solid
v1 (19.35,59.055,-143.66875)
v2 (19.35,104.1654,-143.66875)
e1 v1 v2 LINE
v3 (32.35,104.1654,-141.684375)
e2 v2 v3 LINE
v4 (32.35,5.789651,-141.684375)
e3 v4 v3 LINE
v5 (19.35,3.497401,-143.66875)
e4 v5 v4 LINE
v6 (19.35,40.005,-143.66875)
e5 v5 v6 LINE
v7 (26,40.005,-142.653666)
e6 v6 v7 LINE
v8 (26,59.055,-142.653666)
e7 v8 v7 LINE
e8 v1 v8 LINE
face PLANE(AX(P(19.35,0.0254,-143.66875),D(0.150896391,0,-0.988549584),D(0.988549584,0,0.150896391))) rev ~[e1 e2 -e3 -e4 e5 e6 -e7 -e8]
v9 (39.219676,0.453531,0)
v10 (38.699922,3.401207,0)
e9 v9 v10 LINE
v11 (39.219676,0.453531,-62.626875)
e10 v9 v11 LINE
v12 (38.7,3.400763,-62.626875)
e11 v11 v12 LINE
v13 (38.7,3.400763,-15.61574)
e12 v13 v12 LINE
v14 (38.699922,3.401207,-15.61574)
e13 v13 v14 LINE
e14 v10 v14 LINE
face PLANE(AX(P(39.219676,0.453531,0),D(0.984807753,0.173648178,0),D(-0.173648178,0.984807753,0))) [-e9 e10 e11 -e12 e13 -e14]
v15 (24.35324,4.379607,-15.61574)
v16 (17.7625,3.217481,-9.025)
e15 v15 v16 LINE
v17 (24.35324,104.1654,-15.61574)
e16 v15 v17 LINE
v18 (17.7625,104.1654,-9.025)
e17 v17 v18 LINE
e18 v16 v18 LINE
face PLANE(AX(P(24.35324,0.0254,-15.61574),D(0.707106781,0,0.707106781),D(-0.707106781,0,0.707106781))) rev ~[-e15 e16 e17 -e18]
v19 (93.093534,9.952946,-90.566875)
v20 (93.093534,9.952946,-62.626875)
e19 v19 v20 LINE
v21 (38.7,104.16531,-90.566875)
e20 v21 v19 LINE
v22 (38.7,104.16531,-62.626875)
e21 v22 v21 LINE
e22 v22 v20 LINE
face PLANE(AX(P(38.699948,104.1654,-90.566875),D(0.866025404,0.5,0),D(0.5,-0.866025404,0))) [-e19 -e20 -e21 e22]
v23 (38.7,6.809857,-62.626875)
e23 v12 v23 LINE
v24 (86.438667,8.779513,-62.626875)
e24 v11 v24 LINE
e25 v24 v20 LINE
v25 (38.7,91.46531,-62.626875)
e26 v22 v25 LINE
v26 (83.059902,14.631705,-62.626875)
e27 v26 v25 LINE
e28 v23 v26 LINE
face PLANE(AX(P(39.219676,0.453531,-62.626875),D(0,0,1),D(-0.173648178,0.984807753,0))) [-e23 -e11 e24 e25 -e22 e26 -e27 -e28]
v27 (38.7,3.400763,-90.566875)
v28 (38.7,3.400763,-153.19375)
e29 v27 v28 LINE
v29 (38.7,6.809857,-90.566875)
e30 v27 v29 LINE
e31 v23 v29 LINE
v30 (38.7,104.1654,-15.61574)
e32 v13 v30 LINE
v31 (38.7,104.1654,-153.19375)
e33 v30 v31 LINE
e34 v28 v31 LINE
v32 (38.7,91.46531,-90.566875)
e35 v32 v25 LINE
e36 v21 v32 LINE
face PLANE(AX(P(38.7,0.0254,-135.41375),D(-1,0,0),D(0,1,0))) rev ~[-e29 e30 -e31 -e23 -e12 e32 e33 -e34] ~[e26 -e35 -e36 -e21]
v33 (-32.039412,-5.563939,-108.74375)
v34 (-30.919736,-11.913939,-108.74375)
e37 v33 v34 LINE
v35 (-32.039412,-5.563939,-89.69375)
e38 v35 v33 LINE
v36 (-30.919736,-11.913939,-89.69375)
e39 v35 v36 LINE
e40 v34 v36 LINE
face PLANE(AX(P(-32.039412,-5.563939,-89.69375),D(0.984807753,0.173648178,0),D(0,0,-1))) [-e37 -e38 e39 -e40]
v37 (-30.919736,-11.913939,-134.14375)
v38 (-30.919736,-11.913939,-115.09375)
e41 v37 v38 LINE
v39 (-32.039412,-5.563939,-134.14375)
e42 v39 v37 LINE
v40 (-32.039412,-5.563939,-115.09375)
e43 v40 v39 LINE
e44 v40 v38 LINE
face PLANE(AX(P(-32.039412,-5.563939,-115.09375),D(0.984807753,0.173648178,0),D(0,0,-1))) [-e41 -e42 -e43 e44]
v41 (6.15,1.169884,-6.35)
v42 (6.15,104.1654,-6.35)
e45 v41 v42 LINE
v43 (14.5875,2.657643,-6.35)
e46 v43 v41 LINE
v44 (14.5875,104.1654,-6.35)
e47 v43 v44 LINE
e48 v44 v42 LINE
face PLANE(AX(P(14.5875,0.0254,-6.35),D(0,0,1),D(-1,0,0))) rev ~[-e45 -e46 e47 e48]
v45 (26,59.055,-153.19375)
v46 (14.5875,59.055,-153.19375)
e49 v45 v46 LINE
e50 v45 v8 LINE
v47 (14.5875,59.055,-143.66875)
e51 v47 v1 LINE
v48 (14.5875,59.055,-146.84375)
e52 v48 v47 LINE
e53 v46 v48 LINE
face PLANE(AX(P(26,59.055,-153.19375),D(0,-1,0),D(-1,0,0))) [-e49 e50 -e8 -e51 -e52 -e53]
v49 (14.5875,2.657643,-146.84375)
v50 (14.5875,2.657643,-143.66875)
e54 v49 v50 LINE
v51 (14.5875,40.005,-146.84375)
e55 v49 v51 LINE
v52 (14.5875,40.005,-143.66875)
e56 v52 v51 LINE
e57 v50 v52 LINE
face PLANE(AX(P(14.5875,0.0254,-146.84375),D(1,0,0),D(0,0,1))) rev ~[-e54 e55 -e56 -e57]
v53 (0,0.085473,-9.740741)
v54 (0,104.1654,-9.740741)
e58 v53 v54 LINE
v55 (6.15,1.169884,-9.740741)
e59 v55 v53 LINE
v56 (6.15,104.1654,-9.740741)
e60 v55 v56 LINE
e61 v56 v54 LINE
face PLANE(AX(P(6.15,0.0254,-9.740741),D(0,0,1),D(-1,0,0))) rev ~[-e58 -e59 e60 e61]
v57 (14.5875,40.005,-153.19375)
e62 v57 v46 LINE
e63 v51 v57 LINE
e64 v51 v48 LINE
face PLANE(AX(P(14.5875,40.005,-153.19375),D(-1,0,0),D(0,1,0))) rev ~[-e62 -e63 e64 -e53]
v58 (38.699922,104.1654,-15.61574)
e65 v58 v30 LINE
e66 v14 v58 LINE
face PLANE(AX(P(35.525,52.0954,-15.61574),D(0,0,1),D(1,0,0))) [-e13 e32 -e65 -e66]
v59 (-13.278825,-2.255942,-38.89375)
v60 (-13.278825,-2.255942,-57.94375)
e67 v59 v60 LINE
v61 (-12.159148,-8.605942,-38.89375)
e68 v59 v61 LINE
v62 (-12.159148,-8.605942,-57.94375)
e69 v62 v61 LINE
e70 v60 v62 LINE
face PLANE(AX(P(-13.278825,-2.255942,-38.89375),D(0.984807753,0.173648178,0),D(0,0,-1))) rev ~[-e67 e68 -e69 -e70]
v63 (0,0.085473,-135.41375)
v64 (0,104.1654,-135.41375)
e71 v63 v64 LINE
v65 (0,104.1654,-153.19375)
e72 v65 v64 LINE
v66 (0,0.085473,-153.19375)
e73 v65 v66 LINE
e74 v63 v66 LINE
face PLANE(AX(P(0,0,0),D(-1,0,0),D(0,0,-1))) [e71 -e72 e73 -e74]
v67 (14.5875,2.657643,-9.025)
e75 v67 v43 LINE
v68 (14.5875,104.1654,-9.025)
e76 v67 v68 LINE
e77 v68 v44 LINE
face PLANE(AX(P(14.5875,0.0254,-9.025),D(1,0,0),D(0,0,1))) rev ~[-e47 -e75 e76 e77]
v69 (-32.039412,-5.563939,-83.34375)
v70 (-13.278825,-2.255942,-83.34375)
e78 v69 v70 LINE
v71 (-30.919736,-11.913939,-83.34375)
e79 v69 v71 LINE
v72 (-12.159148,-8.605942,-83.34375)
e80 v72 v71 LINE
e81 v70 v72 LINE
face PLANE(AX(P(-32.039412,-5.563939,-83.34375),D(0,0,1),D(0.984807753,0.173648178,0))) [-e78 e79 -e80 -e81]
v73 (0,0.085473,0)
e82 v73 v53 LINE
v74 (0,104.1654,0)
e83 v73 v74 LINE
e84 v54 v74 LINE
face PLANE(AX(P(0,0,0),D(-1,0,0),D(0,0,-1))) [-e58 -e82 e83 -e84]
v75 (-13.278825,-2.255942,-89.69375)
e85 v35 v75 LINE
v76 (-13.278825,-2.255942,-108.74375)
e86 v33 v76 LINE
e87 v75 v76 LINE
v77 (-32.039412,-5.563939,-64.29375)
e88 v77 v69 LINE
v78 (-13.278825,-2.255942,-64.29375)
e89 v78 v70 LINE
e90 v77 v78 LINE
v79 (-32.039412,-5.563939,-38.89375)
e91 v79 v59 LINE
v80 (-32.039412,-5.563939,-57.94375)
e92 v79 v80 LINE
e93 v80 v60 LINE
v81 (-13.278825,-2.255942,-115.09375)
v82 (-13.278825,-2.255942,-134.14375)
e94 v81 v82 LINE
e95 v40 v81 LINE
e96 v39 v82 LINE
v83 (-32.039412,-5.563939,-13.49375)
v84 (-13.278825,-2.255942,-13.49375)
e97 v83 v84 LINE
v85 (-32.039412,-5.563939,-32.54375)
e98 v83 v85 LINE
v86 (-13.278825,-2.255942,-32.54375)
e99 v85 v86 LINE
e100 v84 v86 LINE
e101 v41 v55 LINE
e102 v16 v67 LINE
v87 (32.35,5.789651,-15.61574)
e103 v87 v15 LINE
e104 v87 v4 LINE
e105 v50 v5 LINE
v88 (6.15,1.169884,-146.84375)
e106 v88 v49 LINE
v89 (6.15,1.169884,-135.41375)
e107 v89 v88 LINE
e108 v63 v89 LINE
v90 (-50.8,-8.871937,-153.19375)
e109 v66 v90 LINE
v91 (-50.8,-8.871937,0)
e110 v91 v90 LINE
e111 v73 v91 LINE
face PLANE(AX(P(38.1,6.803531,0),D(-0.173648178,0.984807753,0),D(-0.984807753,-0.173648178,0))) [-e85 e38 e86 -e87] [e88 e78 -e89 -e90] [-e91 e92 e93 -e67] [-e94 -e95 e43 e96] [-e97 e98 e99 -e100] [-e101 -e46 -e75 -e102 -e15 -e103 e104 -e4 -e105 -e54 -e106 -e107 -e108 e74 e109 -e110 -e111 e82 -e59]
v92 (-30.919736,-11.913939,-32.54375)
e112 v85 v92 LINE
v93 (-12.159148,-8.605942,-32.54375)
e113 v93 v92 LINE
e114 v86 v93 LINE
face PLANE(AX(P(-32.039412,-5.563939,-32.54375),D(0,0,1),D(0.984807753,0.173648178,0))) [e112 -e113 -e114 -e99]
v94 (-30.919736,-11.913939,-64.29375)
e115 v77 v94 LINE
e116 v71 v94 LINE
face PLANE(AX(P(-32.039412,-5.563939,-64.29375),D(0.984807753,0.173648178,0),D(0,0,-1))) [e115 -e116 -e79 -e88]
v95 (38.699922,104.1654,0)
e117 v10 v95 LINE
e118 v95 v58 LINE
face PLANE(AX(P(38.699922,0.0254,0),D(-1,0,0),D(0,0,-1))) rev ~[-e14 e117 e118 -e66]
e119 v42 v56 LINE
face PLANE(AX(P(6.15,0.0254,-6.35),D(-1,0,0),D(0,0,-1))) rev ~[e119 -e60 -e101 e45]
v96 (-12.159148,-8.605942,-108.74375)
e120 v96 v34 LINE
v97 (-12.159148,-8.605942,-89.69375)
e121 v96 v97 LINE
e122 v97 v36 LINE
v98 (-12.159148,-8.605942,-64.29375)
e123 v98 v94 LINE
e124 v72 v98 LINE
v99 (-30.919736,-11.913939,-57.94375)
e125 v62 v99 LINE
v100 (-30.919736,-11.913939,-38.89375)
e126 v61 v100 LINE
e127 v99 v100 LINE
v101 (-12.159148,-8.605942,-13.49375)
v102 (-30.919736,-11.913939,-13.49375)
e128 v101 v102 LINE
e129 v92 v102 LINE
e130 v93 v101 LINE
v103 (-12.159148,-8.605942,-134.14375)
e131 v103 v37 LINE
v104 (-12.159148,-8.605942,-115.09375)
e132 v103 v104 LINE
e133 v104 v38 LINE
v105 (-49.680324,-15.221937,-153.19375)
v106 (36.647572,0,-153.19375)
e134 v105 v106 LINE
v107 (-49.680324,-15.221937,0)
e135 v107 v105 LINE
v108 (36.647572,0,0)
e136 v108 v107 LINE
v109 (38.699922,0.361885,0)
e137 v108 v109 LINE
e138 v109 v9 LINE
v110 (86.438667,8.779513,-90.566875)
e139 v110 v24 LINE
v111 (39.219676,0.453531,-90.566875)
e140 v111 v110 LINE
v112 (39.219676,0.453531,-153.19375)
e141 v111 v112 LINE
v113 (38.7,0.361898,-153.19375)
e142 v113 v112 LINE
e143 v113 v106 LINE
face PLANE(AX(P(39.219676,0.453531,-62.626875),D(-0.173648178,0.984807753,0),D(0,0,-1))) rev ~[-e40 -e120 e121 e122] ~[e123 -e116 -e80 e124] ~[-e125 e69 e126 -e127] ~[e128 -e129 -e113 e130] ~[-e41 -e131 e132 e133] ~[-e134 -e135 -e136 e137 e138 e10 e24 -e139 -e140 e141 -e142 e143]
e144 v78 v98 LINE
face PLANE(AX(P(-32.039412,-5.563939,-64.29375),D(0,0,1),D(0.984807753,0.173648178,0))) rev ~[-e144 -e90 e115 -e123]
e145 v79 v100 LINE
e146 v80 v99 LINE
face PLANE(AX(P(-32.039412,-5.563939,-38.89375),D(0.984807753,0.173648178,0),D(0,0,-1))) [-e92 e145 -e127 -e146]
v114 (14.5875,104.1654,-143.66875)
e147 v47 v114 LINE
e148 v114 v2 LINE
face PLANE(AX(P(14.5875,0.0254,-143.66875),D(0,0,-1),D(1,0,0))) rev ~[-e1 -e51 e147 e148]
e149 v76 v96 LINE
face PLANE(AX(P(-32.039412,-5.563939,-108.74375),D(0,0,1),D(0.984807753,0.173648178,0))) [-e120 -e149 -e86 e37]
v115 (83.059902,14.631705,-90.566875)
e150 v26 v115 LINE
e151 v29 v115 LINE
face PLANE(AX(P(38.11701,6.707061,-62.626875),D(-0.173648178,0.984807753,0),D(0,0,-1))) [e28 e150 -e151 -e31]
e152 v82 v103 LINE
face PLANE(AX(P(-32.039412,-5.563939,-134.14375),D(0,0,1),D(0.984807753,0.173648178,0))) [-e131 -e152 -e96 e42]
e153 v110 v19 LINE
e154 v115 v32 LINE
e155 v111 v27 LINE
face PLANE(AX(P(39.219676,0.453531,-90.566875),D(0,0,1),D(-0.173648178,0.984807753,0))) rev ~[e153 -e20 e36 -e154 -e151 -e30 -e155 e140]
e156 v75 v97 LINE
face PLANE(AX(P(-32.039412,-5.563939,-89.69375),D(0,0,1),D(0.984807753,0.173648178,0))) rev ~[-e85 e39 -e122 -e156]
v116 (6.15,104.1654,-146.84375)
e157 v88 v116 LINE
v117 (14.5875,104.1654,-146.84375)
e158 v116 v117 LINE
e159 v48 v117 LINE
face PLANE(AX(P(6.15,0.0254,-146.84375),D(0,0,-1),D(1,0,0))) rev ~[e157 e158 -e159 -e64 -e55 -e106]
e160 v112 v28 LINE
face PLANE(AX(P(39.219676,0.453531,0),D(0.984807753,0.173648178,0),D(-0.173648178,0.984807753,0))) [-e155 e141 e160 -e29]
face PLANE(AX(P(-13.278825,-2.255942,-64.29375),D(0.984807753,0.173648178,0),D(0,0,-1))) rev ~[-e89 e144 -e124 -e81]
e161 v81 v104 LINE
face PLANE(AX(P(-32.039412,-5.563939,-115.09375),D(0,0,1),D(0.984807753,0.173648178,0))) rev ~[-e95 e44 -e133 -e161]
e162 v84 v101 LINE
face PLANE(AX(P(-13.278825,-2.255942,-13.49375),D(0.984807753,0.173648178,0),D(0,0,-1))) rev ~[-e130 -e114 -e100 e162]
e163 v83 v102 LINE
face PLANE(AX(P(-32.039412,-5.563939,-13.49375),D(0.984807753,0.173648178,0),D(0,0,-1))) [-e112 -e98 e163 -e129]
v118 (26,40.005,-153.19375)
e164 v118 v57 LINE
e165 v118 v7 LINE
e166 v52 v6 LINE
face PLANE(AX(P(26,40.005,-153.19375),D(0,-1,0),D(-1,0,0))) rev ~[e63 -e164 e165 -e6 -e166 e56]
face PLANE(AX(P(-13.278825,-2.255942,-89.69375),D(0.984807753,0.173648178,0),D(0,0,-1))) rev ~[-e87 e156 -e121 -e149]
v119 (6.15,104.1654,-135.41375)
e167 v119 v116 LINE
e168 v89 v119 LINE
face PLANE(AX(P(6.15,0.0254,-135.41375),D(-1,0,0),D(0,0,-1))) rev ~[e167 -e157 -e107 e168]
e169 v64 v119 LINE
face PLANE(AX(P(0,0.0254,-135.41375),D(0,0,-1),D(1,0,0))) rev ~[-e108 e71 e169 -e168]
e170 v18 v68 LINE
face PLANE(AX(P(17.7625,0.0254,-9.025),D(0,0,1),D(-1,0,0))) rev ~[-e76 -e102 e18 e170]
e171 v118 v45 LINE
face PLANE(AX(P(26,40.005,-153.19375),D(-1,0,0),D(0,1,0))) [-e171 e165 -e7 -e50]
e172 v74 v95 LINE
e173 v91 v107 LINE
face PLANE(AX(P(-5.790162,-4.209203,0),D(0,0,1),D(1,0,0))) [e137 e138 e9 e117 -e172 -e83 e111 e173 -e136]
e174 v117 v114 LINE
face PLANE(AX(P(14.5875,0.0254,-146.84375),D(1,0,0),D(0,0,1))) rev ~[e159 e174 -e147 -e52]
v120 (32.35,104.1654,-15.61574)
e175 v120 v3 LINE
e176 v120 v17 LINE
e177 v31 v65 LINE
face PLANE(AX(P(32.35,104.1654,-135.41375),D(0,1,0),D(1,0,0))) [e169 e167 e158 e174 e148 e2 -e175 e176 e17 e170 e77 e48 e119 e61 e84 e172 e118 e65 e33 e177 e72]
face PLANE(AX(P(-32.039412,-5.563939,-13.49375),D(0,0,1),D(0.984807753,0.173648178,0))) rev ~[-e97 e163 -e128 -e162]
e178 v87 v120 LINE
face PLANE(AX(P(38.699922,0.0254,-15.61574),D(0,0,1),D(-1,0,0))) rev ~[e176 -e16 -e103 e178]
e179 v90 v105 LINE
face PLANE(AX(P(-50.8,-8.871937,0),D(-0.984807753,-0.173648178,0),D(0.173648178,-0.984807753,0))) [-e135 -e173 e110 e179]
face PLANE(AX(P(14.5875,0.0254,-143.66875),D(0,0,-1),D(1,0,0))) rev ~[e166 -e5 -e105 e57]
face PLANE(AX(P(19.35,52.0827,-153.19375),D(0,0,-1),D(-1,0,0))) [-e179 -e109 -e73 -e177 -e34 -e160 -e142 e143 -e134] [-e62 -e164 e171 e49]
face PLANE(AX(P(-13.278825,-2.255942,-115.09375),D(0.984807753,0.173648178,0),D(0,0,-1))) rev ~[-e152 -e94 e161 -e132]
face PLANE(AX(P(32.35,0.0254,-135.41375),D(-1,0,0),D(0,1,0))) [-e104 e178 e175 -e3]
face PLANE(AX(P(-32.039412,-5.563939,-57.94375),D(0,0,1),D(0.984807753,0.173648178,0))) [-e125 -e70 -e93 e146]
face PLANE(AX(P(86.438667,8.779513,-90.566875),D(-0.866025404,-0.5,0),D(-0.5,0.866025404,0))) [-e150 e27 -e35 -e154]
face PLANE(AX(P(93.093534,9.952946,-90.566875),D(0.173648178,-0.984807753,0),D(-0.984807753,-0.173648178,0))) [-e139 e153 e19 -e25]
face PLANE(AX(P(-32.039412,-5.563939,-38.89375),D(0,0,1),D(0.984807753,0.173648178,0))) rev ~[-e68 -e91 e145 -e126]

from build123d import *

# Parameters (mm, degrees)
SKETCH1_W           = 38.699948
SKETCH1_H           = 153.19375
BOSS_EXTRUDE1_DEPTH = 0.0254
BOSS_EXTRUDE2_DEPTH = 104.14
SKETCH6_W           = 6.35
SKETCH6_H           = 104.14
BOSS_EXTRUDE3_DEPTH = 119.798010362
BOSS_EXTRUDE7_REACH = 191.252
BOSS_EXTRUDE5_START = -62.626875
BOSS_EXTRUDE5_DEPTH = 27.94
CUT_EXTRUDE1_REACH  = 209.329
SKETCH14_W          = 11.4125
SKETCH14_H          = 19.05
BOSS_EXTRUDE8_REACH = 204.162
SKETCH18_W          = 27.94
SKETCH18_H          = 6.35
SKETCH19_W          = 19.05
SKETCH19_H          = 19.05
CUT_EXTRUDE2_DEPTH  = 208.293560784
SKETCH20_W          = 135.918968774
SKETCH20_H          = 500.058977118
CUT_EXTRUDE3_DEPTH  = 153.162


with BuildPart() as part:
    # Sketch1 → Boss-Extrude1 (new body)
    with BuildSketch(Plane(origin=(0, 0, 0), x_dir=(1, 0, 0), z_dir=(0, 1, 0))):
        with Locations((19.349974, 76.596875)):
            Rectangle(SKETCH1_W, SKETCH1_H)
    extrude(amount=BOSS_EXTRUDE1_DEPTH)

    # Sketch3 → Boss-Extrude2 (add)
    with BuildSketch(Plane(origin=(0, 0.0254, 0), x_dir=(1, 0, 0), z_dir=(0, 1, 0))):
        Polygon((6.15, 146.84375), (14.587499908, 146.84375), (14.587499908, 143.66875), (19.349999908, 143.66875), (32.349999908, 141.684375), (32.349999908, 135.41375), (38.699999908, 135.41375), (38.699999908, 153.19375), (0, 153.19375), (0, 135.41375), (6.15, 135.41375), align=None)
        Polygon((17.762499908, 9.025), (14.587499908, 9.025), (14.587499908, 6.35), (6.15, 6.35), (6.15, 9.74074125), (0, 9.74074125), (0, 0), (38.699921546, 0), (38.699921546, 15.615739638), (24.353239546, 15.615739638), align=None)
    extrude(amount=BOSS_EXTRUDE2_DEPTH)

    # Sketch6 → Boss-Extrude3 (add)
    with BuildSketch(Plane.XY.offset(-135.41375)):
        with Locations((35.524999908, 52.0954)):
            Rectangle(SKETCH6_W, SKETCH6_H)
    extrude(amount=BOSS_EXTRUDE3_DEPTH)

    # Boss-Extrude7: up to this face of the body (flat: up to its plane)
    boss_extrude7_end = Plane(part.part.faces().sort_by_distance((19.349999948, 52.082700017, -153.19375))[0])
    # Sketch15 → Boss-Extrude7 (add, up to the picked face)
    with BuildSketch(Plane.XY, mode=Mode.PRIVATE) as boss_extrude7_sk1:
        Polygon((-50.8, -8.87193717), (-49.680323673, -15.22193717), (39.219676327, 0.453531415), (38.1, 6.803531415), align=None)
    boss_extrude7_tool1 = split(extrude(boss_extrude7_sk1.sketch, amount=-BOSS_EXTRUDE7_REACH, mode=Mode.PRIVATE), bisect_by=boss_extrude7_end, keep=Keep.BOTH, mode=Mode.PRIVATE)
    add(boss_extrude7_tool1.solids().sort_by(Axis((-5.790162, -4.209203, 0), (0, 0, -1)))[0])

    # Sketch11 → Boss-Extrude5 (add)
    with BuildSketch(Plane(origin=(0, 0, -153.19375), x_dir=(-1, 0, 0), z_dir=(0, 0, -1)).offset(BOSS_EXTRUDE5_START)):
        Polygon((-38.699948, 104.1654), (-93.093533667, 9.952946019), (-86.438666859, 8.779513448), (-38.699948, 91.4654), align=None)
    extrude(amount=-BOSS_EXTRUDE5_DEPTH)

    # Sketch14 → Cut-Extrude1 (cut, up to next)
    with BuildSketch(Plane(origin=(0, 0, -153.19375), x_dir=(-1, 0, 0), z_dir=(0, 0, -1)), mode=Mode.PRIVATE) as cut_extrude1_sk1:
        with Locations((-20.293749908, 49.53)):
            Rectangle(SKETCH14_W, SKETCH14_H)
    cut_extrude1_tool1 = extrude(cut_extrude1_sk1.sketch, amount=-CUT_EXTRUDE1_REACH, mode=Mode.PRIVATE) & part.part
    add(cut_extrude1_tool1.solids().sort_by_distance((20.29375, 49.53, -153.19375))[0], mode=Mode.SUBTRACT)

    # Boss-Extrude8: up to this plane
    boss_extrude8_end = Plane(origin=(38.699948, 91.4654, -62.626875), z_dir=(0.8660254037844379, 0.5000000000000011, 0))
    # Sketch18 → Boss-Extrude8 (add, up to the surface)
    with BuildSketch(Plane(origin=(38.114616821, 6.720635305, 0), x_dir=(0, 0, -1), z_dir=(0.9848077530122079, 0.17364817766693177, 0)), mode=Mode.PRIVATE) as boss_extrude8_sk1:
        with Locations((76.596875, -3.188784069)):
            Rectangle(SKETCH18_W, SKETCH18_H)
    boss_extrude8_tool1 = split(extrude(boss_extrude8_sk1.sketch, amount=BOSS_EXTRUDE8_REACH, mode=Mode.PRIVATE), bisect_by=boss_extrude8_end, keep=Keep.BOTH, mode=Mode.PRIVATE)
    add(boss_extrude8_tool1.solids().sort_by_distance((38.668343, 3.580296, -76.596875))[0])

    # Sketch19 → Cut-Extrude2 (cut, through all)
    with BuildSketch(Plane(origin=(-0.014616821, 0.08289611, 0), x_dir=(0.984807753012208, 0.1736481776669311, 0), z_dir=(-0.1736481776669311, 0.984807753012208, 0))):
        with Locations((-22.993829575, 124.61875)):
            Rectangle(SKETCH19_W, SKETCH19_H)
        with Locations((-22.993829575, 99.21875)):
            Rectangle(SKETCH19_W, SKETCH19_H)
        with Locations((-22.993829575, 73.81875)):
            Rectangle(SKETCH19_W, SKETCH19_H)
        with Locations((-22.993829575, 48.41875)):
            Rectangle(SKETCH19_W, SKETCH19_H)
        with Locations((-22.993829575, 23.01875)):
            Rectangle(SKETCH19_W, SKETCH19_H)
    extrude(amount=-CUT_EXTRUDE2_DEPTH, mode=Mode.SUBTRACT)

    # Sketch20 → Cut-Extrude3 (cut)
    with BuildSketch(Plane(origin=(1.105059507, -6.26710389, 0), x_dir=(0.9848077530122079, 0.17364817766693127, 0), z_dir=(0.17364817766693127, -0.9848077530122079, 0))):
        with Locations((20.082569743, -64.610703306)):
            Rectangle(SKETCH20_W, SKETCH20_H)
    extrude(amount=CUT_EXTRUDE3_DEPTH, mode=Mode.SUBTRACT)


solid = part.part
